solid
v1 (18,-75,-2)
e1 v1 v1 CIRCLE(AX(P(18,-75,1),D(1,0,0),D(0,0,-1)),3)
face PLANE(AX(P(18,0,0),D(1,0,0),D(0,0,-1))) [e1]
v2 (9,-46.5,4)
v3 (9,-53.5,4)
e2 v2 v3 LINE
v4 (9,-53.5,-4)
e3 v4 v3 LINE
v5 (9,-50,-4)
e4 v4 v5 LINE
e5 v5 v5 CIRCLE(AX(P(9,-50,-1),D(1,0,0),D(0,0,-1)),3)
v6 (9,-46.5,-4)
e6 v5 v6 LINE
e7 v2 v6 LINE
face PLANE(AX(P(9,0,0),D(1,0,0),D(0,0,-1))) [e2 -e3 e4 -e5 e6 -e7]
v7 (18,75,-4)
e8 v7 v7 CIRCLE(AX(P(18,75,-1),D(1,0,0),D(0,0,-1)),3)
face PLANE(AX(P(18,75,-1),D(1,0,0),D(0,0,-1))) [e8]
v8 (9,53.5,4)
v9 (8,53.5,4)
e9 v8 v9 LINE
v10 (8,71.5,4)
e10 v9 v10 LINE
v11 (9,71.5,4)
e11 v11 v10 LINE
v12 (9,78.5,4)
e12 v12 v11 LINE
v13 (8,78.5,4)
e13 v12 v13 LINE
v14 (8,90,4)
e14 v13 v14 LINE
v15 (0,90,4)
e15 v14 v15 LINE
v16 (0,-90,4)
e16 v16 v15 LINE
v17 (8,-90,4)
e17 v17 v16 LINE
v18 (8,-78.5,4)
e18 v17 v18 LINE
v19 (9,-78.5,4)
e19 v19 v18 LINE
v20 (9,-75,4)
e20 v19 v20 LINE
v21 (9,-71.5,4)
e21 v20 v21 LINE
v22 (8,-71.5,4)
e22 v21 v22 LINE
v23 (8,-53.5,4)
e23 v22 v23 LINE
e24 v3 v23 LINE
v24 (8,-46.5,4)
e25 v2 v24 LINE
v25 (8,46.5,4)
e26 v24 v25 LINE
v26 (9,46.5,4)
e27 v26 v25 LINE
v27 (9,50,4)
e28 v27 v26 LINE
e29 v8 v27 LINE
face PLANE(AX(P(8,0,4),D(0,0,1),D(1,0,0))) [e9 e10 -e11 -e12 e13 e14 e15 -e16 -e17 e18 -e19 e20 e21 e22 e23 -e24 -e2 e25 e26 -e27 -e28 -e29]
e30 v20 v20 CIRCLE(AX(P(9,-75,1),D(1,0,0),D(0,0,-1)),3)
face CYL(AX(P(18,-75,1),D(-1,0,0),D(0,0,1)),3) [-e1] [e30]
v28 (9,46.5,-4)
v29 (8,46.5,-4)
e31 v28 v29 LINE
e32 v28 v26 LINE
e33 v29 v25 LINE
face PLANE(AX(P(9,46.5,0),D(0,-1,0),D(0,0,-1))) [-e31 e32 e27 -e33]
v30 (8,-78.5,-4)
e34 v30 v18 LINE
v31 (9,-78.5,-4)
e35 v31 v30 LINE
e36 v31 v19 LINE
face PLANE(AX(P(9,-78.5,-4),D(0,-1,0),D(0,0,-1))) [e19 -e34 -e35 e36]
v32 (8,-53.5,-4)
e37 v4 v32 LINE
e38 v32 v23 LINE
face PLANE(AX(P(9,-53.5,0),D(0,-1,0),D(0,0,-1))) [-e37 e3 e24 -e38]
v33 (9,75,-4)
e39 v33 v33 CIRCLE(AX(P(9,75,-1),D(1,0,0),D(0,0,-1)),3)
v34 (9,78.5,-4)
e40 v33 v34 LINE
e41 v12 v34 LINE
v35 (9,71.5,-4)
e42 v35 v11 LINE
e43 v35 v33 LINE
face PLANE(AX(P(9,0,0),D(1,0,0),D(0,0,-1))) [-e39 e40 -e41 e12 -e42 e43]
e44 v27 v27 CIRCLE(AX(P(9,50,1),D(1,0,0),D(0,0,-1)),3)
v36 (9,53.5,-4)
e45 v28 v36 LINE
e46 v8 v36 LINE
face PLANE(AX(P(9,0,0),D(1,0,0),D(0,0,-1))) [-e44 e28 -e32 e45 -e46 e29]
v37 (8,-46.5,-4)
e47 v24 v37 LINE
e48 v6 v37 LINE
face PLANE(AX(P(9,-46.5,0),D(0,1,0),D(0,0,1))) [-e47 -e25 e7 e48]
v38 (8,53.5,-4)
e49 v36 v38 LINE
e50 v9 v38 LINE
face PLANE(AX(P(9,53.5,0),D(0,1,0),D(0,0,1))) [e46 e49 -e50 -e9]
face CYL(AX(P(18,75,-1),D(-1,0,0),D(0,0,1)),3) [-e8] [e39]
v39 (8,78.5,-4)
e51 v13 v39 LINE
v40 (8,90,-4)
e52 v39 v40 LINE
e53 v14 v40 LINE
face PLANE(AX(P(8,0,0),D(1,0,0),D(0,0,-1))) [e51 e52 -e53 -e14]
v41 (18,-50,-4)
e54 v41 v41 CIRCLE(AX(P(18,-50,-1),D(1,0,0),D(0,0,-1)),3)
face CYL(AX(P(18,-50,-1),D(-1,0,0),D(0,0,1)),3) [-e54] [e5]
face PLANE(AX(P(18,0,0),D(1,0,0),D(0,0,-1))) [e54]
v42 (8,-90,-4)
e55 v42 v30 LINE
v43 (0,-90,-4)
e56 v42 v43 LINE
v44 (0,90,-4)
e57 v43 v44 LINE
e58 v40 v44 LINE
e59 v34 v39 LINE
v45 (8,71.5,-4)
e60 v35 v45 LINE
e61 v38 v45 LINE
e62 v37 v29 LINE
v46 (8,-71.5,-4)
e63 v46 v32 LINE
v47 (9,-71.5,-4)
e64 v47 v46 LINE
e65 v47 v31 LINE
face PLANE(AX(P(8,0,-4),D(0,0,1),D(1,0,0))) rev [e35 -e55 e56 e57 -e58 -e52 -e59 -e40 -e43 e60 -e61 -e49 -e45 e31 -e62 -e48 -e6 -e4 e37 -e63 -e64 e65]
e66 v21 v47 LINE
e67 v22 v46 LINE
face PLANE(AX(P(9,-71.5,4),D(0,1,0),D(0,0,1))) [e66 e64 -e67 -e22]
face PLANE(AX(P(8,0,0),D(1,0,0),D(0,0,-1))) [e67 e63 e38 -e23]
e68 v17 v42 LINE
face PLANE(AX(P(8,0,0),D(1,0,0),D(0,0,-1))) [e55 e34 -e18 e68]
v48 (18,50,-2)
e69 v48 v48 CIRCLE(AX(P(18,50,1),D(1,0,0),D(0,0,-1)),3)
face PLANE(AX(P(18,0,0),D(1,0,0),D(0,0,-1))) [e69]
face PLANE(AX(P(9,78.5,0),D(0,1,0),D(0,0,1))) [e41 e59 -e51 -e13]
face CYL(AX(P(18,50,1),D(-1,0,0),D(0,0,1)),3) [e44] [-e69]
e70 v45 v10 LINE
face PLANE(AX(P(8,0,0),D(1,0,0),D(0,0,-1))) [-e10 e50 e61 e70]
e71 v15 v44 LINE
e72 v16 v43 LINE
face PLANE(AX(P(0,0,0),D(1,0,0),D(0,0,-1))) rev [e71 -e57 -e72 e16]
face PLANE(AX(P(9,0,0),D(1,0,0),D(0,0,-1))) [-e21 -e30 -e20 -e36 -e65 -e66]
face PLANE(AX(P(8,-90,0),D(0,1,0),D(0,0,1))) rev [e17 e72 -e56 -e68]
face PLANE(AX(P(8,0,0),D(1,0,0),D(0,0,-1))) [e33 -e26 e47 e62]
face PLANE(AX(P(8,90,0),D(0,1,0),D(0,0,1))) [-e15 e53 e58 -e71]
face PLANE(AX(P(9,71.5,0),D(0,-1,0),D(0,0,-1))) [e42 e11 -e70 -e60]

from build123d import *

# Parameters (mm, degrees)
SKETCH1_W           = 8
SKETCH1_H           = 180
BOSS_EXTRUDE1_DEPTH = 8
SKETCH3_R           = 3
BOSS_EXTRUDE4_DEPTH = 10
SKETCH3_4_W         = 8
SKETCH3_4_H         = 7
SKETCH3_4_R         = 3
BOSS_EXTRUDE5_DEPTH = 1


with BuildPart() as part:
    # Sketch1 → Boss-Extrude1 (new body)
    with BuildSketch(Plane(origin=(0, 0, 0), x_dir=(0, 0, -1), z_dir=(1, 0, 0))):
        Rectangle(SKETCH1_W, SKETCH1_H)
    extrude(amount=BOSS_EXTRUDE1_DEPTH)

    # Sketch3 → Boss-Extrude4 (add)
    with BuildSketch(Plane(origin=(8, 0, 0), x_dir=(0, 0, -1), z_dir=(1, 0, 0))):
        with Locations((1, 75)):
            Circle(SKETCH3_R)
        with Locations((-1, 50)):
            Circle(SKETCH3_R)
        with Locations((1, -50)):
            Circle(SKETCH3_R)
        with Locations((-1, -75)):
            Circle(SKETCH3_R)
    extrude(amount=BOSS_EXTRUDE4_DEPTH)

    # Sketch3<4> → Boss-Extrude5 (add)
    # profile 1 of 4: a face of its own
    with BuildSketch(Plane(origin=(8, 0, 0), x_dir=(0, 0, -1), z_dir=(1, 0, 0))):
        with Locations((0, 75)):
            Rectangle(SKETCH3_4_W, SKETCH3_4_H)
    # profile 2 of 4: a face of its own
    with BuildSketch(Plane(origin=(8, 0, 0), x_dir=(0, 0, -1), z_dir=(1, 0, 0))):
        with Locations((0, 50)):
            Rectangle(SKETCH3_4_W, SKETCH3_4_H)
    # profile 3 of 4: a face of its own
    with BuildSketch(Plane(origin=(8, 0, 0), x_dir=(0, 0, -1), z_dir=(1, 0, 0))):
        with Locations((0, -50)):
            Rectangle(SKETCH3_4_W, SKETCH3_4_H)
    # profile 4 of 4: a face of its own
    with BuildSketch(Plane(origin=(8, 0, 0), x_dir=(0, 0, -1), z_dir=(1, 0, 0))):
        Polygon((4, -71.5), (-4, -71.5), (-4, -74.999999954), (-4, -78.5), (4, -78.5), align=None)
        with Locations((-1, -75)):
            Circle(SKETCH3_4_R, mode=Mode.SUBTRACT)
    extrude(amount=BOSS_EXTRUDE5_DEPTH)


solid = part.part
